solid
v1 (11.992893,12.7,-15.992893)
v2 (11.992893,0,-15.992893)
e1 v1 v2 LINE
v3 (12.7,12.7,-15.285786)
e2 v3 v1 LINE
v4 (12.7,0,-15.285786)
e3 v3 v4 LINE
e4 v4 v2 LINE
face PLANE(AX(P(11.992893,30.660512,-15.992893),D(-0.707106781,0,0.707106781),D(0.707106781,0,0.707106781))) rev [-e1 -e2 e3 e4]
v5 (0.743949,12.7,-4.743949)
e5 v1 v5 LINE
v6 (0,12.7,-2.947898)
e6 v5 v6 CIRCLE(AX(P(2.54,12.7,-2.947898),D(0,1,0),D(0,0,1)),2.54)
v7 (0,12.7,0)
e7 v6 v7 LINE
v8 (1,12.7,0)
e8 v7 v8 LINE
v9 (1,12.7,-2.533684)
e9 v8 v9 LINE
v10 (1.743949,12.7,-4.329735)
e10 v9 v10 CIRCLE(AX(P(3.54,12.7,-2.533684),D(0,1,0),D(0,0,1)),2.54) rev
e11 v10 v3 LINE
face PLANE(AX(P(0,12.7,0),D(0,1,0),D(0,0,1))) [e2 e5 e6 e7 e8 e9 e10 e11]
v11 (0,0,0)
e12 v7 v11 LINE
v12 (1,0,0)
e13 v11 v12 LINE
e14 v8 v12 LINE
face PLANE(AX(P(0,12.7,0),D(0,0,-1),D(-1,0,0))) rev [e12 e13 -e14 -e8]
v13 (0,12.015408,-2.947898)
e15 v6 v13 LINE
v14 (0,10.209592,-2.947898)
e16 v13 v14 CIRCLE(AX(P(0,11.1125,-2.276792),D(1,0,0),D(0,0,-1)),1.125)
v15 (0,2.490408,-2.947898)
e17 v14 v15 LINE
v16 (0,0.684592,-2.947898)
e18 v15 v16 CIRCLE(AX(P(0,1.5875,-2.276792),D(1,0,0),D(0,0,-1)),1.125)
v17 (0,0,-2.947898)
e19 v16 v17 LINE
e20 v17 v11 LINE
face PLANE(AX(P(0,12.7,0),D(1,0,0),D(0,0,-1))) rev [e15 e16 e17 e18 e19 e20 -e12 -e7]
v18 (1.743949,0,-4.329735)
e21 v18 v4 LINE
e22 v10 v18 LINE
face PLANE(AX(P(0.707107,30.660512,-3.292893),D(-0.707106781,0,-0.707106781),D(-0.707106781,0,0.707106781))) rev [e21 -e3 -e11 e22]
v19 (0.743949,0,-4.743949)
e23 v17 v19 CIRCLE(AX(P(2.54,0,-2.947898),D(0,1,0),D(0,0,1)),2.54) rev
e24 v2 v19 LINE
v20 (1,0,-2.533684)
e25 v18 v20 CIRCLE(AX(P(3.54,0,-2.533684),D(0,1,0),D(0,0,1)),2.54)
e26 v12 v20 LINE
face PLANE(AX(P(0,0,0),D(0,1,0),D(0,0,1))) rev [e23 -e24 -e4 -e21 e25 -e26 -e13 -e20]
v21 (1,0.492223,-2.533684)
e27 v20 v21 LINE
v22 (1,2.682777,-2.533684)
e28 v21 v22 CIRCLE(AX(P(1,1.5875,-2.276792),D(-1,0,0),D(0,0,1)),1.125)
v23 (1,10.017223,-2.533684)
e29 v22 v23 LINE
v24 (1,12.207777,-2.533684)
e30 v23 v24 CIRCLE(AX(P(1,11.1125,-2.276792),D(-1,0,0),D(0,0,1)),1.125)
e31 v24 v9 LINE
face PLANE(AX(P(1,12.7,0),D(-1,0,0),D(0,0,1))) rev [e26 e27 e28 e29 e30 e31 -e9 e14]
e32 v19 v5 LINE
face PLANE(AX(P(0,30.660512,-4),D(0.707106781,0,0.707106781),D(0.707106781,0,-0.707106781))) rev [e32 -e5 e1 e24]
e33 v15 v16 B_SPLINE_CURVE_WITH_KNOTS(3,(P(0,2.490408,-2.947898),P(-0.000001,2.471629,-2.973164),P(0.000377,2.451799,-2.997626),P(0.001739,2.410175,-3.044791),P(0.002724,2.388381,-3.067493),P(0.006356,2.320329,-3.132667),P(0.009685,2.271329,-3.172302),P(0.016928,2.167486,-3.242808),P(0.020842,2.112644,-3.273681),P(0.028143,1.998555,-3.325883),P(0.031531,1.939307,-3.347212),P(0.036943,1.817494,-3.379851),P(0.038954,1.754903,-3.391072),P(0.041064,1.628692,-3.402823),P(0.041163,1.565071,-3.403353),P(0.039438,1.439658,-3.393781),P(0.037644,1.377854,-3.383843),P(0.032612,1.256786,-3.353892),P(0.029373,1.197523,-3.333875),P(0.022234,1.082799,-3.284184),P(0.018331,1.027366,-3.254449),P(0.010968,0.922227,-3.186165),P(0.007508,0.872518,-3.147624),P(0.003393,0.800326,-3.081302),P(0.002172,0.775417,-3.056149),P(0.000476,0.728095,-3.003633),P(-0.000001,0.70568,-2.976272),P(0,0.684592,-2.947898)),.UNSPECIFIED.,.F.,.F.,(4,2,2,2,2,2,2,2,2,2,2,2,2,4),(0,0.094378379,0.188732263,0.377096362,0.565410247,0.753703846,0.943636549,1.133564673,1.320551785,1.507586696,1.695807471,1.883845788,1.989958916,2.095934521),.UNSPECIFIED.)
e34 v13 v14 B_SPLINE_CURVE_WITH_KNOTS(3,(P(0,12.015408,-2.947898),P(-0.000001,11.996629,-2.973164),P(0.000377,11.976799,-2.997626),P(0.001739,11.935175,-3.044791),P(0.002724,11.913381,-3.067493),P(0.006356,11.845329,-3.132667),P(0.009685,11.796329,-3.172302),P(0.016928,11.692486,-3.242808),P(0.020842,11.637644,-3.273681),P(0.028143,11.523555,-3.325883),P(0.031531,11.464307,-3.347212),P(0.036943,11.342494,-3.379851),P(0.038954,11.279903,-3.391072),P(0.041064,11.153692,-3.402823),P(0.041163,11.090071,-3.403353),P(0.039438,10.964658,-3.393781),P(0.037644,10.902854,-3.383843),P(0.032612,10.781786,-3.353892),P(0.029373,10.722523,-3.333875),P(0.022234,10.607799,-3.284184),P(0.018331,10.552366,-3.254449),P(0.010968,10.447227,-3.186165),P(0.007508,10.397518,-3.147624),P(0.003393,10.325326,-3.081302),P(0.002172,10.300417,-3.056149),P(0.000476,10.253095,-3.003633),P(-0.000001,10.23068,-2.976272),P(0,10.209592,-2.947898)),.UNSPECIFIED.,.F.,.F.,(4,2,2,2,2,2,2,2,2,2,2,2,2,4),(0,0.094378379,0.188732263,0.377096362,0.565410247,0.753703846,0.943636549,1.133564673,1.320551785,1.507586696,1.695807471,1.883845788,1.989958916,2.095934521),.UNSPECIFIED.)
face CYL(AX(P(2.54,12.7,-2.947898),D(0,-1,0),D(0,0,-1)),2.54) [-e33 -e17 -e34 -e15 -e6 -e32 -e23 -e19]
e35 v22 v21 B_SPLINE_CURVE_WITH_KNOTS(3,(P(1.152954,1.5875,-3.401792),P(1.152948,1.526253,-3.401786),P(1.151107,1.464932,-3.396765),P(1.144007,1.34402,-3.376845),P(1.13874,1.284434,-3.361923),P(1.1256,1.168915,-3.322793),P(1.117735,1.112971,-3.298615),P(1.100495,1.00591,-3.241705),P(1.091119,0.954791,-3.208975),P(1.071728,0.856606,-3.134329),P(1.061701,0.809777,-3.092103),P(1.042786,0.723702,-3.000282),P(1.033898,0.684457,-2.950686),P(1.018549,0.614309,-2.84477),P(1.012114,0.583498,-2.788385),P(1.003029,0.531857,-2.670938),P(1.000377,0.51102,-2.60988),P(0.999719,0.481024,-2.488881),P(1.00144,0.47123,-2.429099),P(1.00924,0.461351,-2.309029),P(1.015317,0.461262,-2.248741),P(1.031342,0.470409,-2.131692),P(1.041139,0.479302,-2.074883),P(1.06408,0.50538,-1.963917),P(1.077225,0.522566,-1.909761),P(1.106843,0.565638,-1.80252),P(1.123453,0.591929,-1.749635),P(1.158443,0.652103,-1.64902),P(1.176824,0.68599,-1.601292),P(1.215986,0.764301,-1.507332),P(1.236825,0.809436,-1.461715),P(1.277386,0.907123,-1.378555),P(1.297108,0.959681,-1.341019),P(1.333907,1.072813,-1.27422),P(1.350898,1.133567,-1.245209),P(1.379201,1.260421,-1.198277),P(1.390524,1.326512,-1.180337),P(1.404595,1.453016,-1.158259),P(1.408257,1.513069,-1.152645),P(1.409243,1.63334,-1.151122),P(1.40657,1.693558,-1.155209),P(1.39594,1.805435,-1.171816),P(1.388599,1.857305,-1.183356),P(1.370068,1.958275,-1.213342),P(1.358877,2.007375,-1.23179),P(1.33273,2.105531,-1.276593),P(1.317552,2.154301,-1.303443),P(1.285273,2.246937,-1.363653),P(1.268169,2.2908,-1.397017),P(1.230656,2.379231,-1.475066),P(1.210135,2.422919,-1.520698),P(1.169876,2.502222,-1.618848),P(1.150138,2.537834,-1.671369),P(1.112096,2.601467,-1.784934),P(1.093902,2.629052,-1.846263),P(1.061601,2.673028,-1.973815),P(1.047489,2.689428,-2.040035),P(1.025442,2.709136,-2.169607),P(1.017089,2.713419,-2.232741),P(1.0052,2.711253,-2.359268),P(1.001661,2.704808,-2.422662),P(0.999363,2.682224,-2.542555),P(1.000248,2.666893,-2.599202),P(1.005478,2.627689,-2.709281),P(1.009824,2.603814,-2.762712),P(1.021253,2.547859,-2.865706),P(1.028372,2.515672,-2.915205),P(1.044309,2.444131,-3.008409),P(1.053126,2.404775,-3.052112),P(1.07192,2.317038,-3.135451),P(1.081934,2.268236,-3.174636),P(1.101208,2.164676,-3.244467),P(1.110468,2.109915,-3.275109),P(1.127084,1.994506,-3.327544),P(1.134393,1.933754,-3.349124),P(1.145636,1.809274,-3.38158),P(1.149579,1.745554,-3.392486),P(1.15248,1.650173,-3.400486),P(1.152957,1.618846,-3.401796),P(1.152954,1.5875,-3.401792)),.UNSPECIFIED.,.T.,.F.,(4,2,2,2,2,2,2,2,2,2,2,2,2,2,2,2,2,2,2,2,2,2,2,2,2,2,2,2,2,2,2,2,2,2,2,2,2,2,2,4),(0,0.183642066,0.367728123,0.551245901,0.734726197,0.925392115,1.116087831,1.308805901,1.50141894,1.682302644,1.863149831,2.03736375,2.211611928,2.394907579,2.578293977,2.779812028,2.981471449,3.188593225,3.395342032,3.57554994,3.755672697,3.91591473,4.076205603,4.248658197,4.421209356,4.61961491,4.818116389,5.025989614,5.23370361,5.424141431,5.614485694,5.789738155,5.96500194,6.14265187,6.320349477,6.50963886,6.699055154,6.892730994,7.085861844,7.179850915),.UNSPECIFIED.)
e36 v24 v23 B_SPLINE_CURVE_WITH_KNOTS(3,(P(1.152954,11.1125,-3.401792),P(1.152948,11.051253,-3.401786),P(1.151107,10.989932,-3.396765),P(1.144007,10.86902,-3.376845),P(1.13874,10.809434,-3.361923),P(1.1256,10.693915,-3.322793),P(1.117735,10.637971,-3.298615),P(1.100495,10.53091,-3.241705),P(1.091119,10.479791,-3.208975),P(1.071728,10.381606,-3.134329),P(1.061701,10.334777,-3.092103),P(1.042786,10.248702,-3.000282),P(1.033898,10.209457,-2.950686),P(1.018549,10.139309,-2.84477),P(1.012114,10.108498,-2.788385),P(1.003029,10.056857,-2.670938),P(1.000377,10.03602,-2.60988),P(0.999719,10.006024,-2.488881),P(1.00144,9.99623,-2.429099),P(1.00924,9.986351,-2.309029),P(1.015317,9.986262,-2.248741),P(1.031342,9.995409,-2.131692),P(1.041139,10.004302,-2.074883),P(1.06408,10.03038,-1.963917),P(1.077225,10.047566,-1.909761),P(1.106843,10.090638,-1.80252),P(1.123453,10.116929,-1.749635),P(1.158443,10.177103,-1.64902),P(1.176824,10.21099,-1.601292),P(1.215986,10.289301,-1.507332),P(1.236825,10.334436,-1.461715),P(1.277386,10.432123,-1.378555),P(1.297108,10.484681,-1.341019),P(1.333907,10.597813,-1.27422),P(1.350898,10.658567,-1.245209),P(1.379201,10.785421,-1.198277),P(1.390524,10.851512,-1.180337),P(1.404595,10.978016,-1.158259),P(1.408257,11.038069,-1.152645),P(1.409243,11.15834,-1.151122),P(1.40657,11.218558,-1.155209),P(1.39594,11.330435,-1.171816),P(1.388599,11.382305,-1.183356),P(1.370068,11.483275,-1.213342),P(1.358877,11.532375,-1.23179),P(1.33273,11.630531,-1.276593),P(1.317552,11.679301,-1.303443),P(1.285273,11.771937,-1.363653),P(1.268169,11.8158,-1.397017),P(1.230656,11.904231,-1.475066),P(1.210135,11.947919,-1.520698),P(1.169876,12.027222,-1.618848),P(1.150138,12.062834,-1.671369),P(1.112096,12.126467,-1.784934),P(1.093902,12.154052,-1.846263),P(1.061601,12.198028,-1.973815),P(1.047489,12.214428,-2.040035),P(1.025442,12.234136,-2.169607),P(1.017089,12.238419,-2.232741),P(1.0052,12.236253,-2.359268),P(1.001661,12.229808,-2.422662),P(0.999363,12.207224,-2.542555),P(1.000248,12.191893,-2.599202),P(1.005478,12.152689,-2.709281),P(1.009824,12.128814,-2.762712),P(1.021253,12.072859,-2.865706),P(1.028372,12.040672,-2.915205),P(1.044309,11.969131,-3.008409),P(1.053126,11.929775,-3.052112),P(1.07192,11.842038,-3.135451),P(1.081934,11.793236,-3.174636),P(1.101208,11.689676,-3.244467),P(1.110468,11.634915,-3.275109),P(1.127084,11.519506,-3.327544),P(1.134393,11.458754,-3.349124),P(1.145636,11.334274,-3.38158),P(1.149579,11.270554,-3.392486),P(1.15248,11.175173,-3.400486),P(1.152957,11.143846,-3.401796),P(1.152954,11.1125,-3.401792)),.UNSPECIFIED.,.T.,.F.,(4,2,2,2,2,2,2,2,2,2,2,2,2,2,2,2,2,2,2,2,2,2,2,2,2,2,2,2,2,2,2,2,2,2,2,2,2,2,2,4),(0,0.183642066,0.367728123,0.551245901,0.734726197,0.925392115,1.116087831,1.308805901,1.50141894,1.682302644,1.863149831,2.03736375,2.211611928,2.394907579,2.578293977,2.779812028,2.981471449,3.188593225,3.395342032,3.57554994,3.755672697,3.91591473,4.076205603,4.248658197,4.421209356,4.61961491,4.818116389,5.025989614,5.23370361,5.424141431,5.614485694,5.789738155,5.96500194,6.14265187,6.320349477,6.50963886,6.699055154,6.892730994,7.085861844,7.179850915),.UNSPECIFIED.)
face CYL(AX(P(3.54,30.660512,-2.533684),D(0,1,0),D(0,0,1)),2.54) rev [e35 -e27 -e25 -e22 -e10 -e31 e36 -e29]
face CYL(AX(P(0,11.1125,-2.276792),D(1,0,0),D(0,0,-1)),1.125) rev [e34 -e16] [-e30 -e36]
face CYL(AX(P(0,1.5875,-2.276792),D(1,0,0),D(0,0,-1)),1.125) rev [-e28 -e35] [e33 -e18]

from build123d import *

# Parameters (mm, degrees)
SKETCH1_W               = 1
SKETCH1_H               = 4
BOSS_EXTRUDE1_DEPTH     = 12.7
BOSS_EXTRUDE2_DEPTH     = 12.7
FILLET1_R               = 2.54
SKETCH3_R               = 1.125
CUT_EXTRUDE1_DEPTH      = 24.536198366
CUT_EXTRUDE1_DEPTH_BACK = 24.536198366


with BuildPart() as part:
    # Sketch1 → Boss-Extrude1 (new body)
    with BuildSketch(Plane(origin=(0, 0, 0), x_dir=(1, 0, 0), z_dir=(0, 1, 0))):
        with Locations((0.5, 2)):
            Rectangle(SKETCH1_W, SKETCH1_H)
    extrude(amount=BOSS_EXTRUDE1_DEPTH)

    # Sketch2 → Boss-Extrude2 (add)
    with BuildSketch(Plane(origin=(0, 0, 0), x_dir=(1, 0, 0), z_dir=(0, 1, 0))):
        Polygon((0, 4), (11.992893219, 15.992893219), (12.7, 15.285786438), (0.707106781, 3.292893219), align=None)
    extrude(amount=BOSS_EXTRUDE2_DEPTH)

    # Fillet1
    fillet1_edges = [part.edges().sort_by_distance(p)[0] for p in [
        (1, 6.35, -3.585786438),
        (0, 6.35, -4),
    ]]
    fillet(fillet1_edges, radius=FILLET1_R)

    # Sketch3 → Cut-Extrude1 (cut, two sides)
    with BuildSketch(Plane(origin=(1, 0, 0), x_dir=(0, 0, -1), z_dir=(1, 0, 0))) as cut_extrude1_sk:
        with Locations(Location((2.276792488, 11.1125, 0), (0, 0, 306.622338606))):
            Circle(SKETCH3_R)
        with Locations(Location((2.276792488, 1.5875, 0), (0, 0, 306.622338606))):
            Circle(SKETCH3_R)
    extrude(amount=CUT_EXTRUDE1_DEPTH, mode=Mode.SUBTRACT)
    extrude(cut_extrude1_sk.sketch, amount=-CUT_EXTRUDE1_DEPTH_BACK, mode=Mode.SUBTRACT)


solid = part.part
